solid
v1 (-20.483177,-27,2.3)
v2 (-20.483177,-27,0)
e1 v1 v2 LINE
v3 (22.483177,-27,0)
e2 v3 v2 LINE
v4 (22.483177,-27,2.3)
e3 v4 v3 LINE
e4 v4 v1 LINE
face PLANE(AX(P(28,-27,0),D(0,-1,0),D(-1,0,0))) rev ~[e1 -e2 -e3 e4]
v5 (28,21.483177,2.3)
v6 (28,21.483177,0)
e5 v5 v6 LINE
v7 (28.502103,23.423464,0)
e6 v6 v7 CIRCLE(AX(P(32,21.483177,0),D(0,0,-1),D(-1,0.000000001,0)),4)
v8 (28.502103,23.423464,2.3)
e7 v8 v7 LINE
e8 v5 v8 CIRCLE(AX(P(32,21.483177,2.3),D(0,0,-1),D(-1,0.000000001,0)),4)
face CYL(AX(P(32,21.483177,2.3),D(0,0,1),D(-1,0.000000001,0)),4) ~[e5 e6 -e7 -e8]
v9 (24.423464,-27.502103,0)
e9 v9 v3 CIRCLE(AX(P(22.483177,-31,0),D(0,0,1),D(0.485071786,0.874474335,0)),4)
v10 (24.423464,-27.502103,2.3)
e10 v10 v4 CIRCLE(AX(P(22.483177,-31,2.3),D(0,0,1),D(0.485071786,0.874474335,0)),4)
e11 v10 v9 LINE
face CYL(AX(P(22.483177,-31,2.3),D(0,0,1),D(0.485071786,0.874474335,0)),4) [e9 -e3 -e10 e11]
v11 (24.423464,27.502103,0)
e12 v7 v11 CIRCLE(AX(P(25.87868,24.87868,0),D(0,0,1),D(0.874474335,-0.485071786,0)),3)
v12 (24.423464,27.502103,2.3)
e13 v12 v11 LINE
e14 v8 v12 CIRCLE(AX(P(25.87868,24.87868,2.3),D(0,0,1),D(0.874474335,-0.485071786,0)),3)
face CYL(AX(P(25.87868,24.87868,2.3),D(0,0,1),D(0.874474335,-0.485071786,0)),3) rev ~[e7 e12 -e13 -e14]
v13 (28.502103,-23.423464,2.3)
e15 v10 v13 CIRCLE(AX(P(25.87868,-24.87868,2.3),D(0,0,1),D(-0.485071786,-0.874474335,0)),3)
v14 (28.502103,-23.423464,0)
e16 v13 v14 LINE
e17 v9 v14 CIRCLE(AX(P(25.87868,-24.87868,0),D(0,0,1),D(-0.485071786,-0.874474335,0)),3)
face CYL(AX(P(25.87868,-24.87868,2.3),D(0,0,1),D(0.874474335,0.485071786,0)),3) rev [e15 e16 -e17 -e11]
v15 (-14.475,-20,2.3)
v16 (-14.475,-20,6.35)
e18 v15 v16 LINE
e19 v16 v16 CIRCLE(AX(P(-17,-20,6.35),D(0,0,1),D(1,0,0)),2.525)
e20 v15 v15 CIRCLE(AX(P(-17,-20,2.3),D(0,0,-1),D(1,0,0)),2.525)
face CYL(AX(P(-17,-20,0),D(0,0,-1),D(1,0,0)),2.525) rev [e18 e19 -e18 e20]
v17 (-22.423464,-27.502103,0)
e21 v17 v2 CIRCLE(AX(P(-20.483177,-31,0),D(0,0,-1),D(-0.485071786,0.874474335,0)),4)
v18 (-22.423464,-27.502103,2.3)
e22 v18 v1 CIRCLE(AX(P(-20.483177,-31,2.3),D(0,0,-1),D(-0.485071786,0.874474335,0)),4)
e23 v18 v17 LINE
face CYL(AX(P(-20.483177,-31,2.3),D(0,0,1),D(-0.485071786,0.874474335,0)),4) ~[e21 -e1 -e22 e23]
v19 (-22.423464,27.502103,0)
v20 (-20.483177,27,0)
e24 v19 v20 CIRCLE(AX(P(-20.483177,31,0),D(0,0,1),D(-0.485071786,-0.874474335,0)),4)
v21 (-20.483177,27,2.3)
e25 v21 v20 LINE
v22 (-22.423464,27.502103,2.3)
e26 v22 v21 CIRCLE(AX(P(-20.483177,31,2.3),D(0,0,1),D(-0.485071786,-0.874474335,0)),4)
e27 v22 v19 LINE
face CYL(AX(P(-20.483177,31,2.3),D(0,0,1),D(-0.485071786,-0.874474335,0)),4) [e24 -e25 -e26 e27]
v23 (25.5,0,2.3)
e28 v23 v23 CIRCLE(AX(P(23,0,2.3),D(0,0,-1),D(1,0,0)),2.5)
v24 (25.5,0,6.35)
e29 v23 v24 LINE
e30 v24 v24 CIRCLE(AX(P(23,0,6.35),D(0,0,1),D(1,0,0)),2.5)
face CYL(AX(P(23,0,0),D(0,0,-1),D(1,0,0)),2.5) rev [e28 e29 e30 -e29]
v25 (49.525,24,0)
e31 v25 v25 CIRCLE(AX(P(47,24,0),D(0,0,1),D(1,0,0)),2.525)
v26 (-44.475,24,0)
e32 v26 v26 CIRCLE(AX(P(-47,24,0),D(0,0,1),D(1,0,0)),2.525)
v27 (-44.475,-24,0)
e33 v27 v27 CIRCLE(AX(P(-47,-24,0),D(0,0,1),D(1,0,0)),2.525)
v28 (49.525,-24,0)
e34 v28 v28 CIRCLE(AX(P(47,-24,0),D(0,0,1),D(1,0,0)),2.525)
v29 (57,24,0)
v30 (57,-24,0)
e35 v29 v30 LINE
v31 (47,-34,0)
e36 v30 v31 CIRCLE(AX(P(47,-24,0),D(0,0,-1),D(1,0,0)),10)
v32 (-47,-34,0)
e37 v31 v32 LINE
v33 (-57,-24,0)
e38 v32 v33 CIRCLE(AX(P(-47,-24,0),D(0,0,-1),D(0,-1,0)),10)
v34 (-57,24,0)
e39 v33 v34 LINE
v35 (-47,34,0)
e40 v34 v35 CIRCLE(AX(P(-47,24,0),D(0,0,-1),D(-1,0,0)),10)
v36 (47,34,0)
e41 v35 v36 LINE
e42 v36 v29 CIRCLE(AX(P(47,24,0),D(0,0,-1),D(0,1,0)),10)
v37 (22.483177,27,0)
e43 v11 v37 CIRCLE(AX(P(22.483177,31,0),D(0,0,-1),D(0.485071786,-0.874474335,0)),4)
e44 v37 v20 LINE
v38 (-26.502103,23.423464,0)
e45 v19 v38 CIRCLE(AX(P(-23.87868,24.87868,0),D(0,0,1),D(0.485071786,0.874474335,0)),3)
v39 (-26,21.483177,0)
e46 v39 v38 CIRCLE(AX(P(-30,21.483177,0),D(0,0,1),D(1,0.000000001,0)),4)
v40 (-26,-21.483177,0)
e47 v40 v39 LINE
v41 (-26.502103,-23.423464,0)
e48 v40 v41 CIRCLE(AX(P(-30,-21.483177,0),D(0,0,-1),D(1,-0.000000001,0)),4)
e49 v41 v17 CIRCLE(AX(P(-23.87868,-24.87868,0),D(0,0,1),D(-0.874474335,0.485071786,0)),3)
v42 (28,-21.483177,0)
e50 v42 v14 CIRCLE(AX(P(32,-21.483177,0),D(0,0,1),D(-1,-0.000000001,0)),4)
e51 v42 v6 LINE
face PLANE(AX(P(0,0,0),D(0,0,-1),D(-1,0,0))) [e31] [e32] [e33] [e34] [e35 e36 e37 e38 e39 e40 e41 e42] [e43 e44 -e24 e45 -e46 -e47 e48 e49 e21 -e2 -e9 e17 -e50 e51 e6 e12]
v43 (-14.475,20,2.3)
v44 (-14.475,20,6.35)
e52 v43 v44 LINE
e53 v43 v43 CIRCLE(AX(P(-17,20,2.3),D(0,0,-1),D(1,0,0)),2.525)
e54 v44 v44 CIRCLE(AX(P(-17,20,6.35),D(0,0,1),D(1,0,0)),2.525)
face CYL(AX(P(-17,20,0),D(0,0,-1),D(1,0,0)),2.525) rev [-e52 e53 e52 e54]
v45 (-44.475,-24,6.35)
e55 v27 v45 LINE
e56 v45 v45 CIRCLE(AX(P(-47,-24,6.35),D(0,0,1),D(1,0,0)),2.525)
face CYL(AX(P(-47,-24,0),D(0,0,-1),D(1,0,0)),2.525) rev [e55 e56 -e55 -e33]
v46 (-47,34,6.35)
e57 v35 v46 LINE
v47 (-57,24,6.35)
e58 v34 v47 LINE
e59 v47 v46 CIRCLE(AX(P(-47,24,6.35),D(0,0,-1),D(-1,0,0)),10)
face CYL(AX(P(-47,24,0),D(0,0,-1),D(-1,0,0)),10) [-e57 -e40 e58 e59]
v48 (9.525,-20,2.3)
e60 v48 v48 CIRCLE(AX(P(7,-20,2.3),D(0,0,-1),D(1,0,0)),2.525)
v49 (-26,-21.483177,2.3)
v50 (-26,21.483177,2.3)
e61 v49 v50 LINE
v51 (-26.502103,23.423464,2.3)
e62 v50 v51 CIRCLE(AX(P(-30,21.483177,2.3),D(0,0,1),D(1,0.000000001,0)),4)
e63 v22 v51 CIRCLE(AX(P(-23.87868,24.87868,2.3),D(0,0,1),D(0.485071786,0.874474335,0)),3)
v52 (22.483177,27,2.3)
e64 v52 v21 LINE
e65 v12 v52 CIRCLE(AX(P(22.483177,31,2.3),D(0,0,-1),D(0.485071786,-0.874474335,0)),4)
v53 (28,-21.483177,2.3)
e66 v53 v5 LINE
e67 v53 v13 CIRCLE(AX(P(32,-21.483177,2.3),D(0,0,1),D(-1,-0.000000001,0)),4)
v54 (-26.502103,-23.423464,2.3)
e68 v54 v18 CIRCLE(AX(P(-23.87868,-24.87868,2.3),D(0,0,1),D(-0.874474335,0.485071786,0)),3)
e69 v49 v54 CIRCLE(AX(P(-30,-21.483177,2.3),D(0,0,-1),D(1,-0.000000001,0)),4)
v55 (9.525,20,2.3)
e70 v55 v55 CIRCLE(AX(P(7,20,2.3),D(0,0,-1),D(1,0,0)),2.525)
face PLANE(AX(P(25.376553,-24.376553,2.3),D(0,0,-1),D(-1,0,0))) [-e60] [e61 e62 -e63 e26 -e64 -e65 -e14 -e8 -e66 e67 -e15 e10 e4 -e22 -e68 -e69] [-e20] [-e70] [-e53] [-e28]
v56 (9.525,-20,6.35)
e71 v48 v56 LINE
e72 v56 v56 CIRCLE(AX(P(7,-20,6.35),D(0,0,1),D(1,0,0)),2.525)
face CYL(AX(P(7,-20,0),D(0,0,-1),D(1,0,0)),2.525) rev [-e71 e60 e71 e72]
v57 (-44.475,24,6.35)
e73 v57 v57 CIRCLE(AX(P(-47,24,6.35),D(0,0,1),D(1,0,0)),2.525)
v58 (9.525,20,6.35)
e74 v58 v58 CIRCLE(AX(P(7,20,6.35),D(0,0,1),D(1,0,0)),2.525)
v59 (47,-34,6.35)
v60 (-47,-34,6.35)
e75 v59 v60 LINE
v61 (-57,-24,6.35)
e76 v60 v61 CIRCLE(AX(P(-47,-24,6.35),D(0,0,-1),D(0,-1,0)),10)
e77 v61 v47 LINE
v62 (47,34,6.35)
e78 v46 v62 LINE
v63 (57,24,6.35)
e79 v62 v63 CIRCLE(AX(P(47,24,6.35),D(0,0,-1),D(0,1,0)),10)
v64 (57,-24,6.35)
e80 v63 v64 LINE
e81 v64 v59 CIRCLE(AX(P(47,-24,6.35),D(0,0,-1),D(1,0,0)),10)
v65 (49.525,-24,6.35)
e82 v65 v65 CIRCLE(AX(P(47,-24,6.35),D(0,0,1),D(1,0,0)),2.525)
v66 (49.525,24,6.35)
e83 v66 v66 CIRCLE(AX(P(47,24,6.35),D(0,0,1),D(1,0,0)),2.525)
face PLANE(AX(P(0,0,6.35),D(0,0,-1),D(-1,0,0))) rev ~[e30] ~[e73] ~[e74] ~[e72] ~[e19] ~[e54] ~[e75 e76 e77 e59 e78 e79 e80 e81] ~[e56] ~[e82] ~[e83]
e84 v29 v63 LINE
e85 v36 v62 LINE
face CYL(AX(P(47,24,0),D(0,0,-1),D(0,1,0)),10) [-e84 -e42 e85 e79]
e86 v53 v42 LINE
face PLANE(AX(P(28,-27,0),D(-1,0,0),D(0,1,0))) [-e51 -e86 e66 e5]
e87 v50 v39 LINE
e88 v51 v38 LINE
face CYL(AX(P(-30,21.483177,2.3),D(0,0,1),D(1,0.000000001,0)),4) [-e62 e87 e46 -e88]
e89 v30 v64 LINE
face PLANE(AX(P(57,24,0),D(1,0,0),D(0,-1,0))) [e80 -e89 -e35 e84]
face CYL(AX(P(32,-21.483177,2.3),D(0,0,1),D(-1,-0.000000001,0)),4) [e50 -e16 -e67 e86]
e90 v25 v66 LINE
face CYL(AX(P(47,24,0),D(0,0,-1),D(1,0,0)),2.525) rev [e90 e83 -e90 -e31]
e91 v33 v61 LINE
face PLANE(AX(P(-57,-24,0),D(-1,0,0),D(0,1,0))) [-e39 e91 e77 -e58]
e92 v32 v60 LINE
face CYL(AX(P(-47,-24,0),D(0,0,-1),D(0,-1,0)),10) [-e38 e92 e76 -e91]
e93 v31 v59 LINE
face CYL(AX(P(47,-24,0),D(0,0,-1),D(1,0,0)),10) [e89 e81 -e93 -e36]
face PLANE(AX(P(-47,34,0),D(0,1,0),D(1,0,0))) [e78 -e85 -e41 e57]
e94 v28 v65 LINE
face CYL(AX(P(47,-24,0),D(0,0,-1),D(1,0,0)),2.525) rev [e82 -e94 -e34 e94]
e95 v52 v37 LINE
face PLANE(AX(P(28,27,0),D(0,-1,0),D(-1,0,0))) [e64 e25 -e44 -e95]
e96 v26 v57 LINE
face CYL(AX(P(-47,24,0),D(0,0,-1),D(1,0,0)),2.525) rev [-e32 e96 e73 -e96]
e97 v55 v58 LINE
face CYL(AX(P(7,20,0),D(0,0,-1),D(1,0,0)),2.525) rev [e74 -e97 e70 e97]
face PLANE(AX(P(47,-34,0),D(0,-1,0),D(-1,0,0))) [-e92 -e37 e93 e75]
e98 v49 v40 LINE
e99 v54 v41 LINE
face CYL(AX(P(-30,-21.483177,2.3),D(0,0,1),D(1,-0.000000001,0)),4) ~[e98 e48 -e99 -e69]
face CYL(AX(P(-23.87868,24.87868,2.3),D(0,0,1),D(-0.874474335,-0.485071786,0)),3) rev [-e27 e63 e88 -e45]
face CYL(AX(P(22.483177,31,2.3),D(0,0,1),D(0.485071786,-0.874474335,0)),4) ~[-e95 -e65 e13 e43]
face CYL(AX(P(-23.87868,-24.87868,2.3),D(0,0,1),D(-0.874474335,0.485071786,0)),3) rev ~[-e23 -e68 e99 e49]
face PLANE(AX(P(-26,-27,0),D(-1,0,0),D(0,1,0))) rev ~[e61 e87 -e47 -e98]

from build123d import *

# Parameters (mm, degrees)
SKETCH1_R           = 2.525
SKETCH1_R_2         = 2.5
BOSS_EXTRUDE1_DEPTH = 6.35
SKETCH2_W           = 54
SKETCH2_H           = 54
CUT_EXTRUDE1_DEPTH  = 2.3
CUT_EXTRUDE2_DEPTH  = 2.3


with BuildPart() as part:
    # Sketch1 → Boss-Extrude1 (new body)
    with BuildSketch(Plane.XY):
        with BuildLine():
            Line((-47, 34), (47, 34))
            ThreePointArc((47, 34), (54.071067812, 31.071067812), (57, 24))
            Line((57, 24), (57, -24))
            ThreePointArc((57, -24), (54.071067812, -31.071067812), (47, -34))
            Line((47, -34), (-47, -34))
            ThreePointArc((-47, -34), (-54.071067812, -31.071067812), (-57, -24))
            Line((-57, -24), (-57, 24))
            ThreePointArc((-57, 24), (-54.071067812, 31.071067812), (-47, 34))
        make_face()
        with Locations((-47, -24)):
            Circle(SKETCH1_R, mode=Mode.SUBTRACT)
        with Locations((47, -24)):
            Circle(SKETCH1_R, mode=Mode.SUBTRACT)
        with Locations((47, 24)):
            Circle(SKETCH1_R, mode=Mode.SUBTRACT)
        with Locations((-47, 24)):
            Circle(SKETCH1_R, mode=Mode.SUBTRACT)
        with Locations((-17, 20)):
            Circle(SKETCH1_R, mode=Mode.SUBTRACT)
        with Locations((-17, -20)):
            Circle(SKETCH1_R, mode=Mode.SUBTRACT)
        with Locations((7, 20)):
            Circle(SKETCH1_R, mode=Mode.SUBTRACT)
        with Locations((7, -20)):
            Circle(SKETCH1_R, mode=Mode.SUBTRACT)
        with Locations((23, 0)):
            Circle(SKETCH1_R_2, mode=Mode.SUBTRACT)
    extrude(amount=BOSS_EXTRUDE1_DEPTH)

    # Sketch2 → Cut-Extrude1 (cut)
    with BuildSketch(Plane(origin=(0, 0, 0), x_dir=(-1, 0, 0), z_dir=(0, 0, -1))):
        with Locations((-1, 0)):
            Rectangle(SKETCH2_W, SKETCH2_H)
    extrude(amount=-CUT_EXTRUDE1_DEPTH, mode=Mode.SUBTRACT)

    # Sketch3 → Cut-Extrude2 (cut)
    with BuildSketch(Plane(origin=(0, 0, 2.3), x_dir=(-1, 0, 0), z_dir=(0, 0, -1))):
        with BuildLine():
            Line((-22.483177153, 27), (-22.483177153, 21.483177153))
            Line((-22.483177153, 21.483177153), (-28, 21.483177153))
            ThreePointArc((-28, 21.483177153), (-28.127559597, 22.485277608), (-28.502102661, 23.423464298))
            ThreePointArc((-28.502102661, 23.423464298), (-28, 27), (-24.423464298, 27.502102661))
            ThreePointArc((-24.423464298, 27.502102661), (-23.485277608, 27.127559597), (-22.483177153, 27))
        make_face()
        with BuildLine():
            Line((20.483177153, 21.483177153), (26, 21.483177153))
            ThreePointArc((26, 21.483177153), (26.127559597, 22.485277608), (26.502102661, 23.423464298))
            ThreePointArc((26.502102661, 23.423464298), (26, 27), (22.423464298, 27.502102661))
            ThreePointArc((22.423464298, 27.502102661), (21.485277608, 27.127559597), (20.483177153, 27))
            Line((20.483177153, 27), (20.483177153, 21.483177153))
        make_face()
        with BuildLine():
            Line((20.483177153, -27), (20.483177153, -21.483177153))
            Line((20.483177153, -21.483177153), (26, -21.483177153))
            ThreePointArc((26, -21.483177153), (26.127559597, -22.485277608), (26.502102661, -23.423464298))
            ThreePointArc((26.502102661, -23.423464298), (26, -27), (22.423464298, -27.502102661))
            ThreePointArc((22.423464298, -27.502102661), (21.485277608, -27.127559597), (20.483177153, -27))
        make_face()
        with BuildLine():
            Line((-22.483177153, -21.483177153), (-28, -21.483177153))
            ThreePointArc((-28, -21.483177153), (-28.127559597, -22.485277608), (-28.502102661, -23.423464298))
            ThreePointArc((-28.502102661, -23.423464298), (-28, -27), (-24.423464298, -27.502102661))
            ThreePointArc((-24.423464298, -27.502102661), (-23.485277608, -27.127559597), (-22.483177153, -27))
            Line((-22.483177153, -27), (-22.483177153, -21.483177153))
        make_face()
    extrude(amount=CUT_EXTRUDE2_DEPTH, mode=Mode.SUBTRACT)


solid = part.part
